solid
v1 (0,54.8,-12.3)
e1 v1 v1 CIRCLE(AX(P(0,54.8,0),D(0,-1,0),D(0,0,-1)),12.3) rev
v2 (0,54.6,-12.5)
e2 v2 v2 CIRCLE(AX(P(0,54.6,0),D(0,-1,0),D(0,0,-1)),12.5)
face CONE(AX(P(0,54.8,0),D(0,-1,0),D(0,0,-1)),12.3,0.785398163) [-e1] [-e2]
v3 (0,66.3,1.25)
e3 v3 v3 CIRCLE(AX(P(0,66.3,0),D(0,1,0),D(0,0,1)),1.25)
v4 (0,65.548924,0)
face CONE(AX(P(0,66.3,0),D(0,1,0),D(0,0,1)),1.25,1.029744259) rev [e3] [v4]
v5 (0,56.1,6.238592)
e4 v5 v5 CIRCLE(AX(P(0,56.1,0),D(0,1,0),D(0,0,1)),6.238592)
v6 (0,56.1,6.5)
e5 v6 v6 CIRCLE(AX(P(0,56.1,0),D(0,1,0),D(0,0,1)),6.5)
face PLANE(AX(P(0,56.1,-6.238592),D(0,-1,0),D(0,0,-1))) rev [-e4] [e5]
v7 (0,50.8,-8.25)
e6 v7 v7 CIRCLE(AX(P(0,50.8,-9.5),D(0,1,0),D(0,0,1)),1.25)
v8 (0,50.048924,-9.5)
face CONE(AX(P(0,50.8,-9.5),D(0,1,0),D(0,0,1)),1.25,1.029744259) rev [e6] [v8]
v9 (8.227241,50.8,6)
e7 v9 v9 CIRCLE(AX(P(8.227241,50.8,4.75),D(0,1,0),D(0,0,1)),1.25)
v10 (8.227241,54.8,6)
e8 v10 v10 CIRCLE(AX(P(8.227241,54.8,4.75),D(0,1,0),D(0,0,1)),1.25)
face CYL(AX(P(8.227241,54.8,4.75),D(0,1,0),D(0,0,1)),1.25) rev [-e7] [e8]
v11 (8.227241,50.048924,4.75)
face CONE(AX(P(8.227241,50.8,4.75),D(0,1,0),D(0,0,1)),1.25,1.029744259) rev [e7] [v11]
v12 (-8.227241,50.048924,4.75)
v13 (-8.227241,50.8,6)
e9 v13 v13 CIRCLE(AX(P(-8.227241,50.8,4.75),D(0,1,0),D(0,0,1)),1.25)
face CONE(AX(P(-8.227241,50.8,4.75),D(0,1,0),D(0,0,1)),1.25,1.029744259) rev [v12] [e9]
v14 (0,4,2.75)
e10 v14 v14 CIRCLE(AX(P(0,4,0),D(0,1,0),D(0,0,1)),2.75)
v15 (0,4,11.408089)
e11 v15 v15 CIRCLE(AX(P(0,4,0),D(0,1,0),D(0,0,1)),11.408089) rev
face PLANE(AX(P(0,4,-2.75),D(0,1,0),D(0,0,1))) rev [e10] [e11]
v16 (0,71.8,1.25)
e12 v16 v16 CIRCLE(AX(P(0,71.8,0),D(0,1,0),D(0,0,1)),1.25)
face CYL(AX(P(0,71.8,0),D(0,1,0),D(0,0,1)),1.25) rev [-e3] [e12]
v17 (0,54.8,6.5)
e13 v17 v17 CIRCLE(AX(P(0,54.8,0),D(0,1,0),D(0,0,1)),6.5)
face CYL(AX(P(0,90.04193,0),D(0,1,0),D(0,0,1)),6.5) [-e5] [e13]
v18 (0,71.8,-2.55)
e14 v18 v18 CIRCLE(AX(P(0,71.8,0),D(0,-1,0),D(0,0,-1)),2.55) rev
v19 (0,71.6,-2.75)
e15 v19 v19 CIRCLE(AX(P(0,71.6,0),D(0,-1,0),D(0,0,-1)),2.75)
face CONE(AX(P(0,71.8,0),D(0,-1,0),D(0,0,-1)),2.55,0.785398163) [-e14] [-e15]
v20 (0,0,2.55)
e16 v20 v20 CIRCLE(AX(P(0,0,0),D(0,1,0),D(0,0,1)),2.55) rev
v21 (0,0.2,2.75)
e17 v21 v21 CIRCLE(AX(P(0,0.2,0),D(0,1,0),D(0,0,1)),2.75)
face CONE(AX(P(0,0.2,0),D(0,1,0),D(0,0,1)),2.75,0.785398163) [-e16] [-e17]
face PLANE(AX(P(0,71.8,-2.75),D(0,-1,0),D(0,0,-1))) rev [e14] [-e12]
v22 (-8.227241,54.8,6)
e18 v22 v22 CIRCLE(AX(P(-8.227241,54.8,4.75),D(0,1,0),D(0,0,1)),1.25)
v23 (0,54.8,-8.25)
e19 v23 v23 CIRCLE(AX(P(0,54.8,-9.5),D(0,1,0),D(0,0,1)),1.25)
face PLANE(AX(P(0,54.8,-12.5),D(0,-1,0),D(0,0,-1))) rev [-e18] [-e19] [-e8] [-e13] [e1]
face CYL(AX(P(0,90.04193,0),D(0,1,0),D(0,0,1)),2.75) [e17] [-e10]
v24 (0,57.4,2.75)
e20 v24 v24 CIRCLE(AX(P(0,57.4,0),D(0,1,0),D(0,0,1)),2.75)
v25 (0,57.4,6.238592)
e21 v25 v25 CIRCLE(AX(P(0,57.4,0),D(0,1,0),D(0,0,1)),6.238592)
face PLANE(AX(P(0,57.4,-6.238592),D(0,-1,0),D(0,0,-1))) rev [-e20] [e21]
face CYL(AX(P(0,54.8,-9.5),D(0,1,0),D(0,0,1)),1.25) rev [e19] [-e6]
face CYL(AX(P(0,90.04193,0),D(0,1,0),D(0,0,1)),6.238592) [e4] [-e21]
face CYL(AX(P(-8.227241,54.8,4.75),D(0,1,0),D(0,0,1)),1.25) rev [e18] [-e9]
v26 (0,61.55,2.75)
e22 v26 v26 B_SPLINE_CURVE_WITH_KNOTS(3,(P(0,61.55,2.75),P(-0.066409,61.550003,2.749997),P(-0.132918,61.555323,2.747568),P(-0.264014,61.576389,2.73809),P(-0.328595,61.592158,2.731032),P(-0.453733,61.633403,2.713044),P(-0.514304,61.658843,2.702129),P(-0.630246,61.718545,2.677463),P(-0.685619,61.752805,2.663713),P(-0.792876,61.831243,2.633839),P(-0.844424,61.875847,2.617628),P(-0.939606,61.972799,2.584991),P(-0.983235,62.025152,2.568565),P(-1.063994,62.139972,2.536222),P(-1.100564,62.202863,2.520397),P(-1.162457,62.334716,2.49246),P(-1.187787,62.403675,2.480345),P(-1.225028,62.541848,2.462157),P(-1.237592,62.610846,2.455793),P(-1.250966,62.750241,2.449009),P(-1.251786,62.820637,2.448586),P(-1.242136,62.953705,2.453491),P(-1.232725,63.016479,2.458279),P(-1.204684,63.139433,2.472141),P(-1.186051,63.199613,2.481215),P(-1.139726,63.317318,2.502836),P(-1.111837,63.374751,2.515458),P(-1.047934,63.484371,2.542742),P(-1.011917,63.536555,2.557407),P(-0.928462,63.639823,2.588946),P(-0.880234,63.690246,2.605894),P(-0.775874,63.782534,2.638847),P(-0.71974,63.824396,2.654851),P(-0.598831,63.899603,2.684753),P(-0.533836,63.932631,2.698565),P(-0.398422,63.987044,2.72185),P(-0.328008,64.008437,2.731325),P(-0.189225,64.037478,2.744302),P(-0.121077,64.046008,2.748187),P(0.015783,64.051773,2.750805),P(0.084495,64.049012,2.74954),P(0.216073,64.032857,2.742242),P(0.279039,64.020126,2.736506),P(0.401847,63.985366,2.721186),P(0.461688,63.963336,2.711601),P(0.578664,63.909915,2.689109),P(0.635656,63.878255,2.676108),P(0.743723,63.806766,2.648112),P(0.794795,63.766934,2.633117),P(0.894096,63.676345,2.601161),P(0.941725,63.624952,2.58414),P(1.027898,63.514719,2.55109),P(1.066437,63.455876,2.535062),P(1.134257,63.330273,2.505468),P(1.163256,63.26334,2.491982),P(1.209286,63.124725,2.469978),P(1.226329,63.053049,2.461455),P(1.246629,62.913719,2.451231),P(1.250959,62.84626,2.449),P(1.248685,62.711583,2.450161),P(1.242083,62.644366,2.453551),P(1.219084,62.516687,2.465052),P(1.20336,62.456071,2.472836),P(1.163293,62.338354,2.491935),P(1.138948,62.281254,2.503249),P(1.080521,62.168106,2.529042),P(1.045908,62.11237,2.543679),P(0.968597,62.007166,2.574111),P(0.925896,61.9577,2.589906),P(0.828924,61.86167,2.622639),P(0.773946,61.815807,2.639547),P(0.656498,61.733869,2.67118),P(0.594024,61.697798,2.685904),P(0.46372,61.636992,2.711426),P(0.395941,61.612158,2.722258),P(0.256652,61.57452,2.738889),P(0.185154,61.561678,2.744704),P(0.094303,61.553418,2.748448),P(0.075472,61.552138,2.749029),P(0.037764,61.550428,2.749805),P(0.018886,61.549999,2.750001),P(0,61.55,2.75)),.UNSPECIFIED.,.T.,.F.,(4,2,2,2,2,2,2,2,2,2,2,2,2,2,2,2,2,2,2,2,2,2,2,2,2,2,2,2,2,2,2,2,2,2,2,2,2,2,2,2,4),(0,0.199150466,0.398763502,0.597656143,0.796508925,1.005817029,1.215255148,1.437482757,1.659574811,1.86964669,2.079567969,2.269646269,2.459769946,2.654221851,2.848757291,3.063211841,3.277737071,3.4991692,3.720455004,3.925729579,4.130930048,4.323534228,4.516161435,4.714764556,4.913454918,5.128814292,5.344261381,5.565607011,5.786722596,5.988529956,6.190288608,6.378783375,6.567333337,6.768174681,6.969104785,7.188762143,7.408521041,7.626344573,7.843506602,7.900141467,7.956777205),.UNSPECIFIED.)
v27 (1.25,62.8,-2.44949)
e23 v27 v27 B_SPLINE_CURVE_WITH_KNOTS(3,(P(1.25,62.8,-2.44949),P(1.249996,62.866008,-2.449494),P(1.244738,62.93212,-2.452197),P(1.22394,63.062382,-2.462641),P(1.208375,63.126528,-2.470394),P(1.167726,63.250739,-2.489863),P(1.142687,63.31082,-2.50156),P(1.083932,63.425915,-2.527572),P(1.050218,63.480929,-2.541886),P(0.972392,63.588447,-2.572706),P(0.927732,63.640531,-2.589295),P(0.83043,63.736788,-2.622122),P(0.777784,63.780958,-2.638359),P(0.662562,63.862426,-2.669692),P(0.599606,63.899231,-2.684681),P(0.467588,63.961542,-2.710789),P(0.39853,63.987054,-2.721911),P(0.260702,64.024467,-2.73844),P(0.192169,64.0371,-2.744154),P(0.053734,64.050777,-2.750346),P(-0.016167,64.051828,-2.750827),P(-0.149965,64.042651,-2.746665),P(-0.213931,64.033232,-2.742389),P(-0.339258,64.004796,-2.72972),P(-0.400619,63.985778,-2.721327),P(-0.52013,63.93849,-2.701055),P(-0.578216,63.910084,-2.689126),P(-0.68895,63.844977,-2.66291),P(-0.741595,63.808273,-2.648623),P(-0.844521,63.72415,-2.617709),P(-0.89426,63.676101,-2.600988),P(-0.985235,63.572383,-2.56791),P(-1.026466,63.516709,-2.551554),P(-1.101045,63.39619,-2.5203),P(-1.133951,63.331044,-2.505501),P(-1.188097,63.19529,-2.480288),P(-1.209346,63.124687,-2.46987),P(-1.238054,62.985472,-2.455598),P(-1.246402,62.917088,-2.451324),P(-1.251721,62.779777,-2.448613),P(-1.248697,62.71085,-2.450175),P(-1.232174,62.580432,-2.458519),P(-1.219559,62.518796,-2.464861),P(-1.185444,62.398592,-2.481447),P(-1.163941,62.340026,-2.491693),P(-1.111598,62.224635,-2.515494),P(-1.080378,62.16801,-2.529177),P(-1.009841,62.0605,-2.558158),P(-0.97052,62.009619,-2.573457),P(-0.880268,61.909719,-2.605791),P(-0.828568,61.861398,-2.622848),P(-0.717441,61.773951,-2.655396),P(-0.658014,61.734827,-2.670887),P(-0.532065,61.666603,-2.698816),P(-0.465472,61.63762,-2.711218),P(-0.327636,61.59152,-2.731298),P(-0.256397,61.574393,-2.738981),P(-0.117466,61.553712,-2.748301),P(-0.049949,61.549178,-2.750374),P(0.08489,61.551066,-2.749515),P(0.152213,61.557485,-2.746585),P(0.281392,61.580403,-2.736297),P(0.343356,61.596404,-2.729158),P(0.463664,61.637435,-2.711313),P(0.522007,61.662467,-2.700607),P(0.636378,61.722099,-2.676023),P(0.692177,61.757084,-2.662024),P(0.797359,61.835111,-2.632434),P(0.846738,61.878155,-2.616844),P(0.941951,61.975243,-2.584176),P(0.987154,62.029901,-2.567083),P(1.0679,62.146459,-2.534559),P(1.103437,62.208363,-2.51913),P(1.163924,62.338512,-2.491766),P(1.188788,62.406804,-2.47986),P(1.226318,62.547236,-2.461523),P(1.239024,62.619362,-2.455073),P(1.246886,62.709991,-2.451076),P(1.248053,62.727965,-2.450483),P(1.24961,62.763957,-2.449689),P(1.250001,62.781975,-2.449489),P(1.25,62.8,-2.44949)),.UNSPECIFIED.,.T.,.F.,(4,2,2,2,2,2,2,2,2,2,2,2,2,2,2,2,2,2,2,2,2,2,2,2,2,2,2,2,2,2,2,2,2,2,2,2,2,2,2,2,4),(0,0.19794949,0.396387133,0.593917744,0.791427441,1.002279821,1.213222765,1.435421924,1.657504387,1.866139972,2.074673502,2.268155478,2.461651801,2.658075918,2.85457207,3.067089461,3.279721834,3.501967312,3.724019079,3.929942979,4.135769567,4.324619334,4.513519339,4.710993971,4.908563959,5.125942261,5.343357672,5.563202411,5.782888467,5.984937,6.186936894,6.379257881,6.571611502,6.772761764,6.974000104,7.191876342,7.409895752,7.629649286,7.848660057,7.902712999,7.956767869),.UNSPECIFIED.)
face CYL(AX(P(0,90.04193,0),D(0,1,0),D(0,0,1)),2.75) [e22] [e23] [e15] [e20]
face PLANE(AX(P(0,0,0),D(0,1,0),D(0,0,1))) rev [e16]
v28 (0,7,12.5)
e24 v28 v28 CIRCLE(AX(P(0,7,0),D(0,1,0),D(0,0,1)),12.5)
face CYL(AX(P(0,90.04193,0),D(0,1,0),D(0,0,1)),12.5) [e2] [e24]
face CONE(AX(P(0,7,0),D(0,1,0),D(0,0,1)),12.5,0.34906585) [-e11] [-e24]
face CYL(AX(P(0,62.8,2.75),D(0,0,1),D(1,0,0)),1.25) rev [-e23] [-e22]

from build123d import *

# Parameters (mm, degrees)
CHAMFER_1_SIZE         = 0.2
CHAMFER_2_SIZE         = 3
CHAMFER_2_SIZE2        = 1.091910703
HOLE_WIZARD_M3_1_D     = 2.5
HOLE_WIZARD_M3_1_DEPTH = 5.5
HOLE_WIZARD_M3_1_TIP   = 0.751075774
HOLE_WIZARD_M3_2_D     = 2.5
HOLE_WIZARD_M3_2_DEPTH = 7.5
HOLE_WIZARD_M3_2_TIP   = 0.751075774
HOLE_WIZARD_M3_3_D     = 2.5
HOLE_WIZARD_M3_3_DEPTH = 4
HOLE_WIZARD_M3_3_TIP   = 0.751075774


with BuildPart() as part:
    # 草图1 → 旋转1 (revolve)
    with BuildSketch(Plane(origin=(0, 0, 0), x_dir=(0, 0, -1), z_dir=(1, 0, 0)), mode=Mode.PRIVATE) as revolve_1_sk:
        Polygon((0, 0), (2.75, 0), (2.75, 4), (12.5, 4), (12.5, 54.8), (6.5, 54.8), (6.5, 56.1), (6.238591707, 56.1), (6.238591707, 57.4), (2.75, 57.4), (2.75, 71.8), (0, 71.8), align=None)
    revolve(revolve_1_sk.sketch.rotate(Axis((0, 90.041930378, 0), (0, -1, 0)), 180), axis=Axis((0, 90.041930378, 0), (0, -1, 0)))

    # 倒角1
    chamfer_1_edges = [part.edges().sort_by_distance(p)[0] for p in [
        (0, 54.8, -12.5),
        (0, 0, -2.75),
        (0, 71.8, -2.75),
    ]]
    chamfer(chamfer_1_edges, length=CHAMFER_1_SIZE)

    # 倒角2
    chamfer_2_edges = [part.edges().sort_by_distance(p)[0] for p in [
        (0, 4, -12.5),
    ]]
    chamfer_2_side = [part.faces().sort_by_distance(p)[0] for p in [
        (0, 29.3, -12.5),
    ]]
    chamfer(chamfer_2_edges, length=CHAMFER_2_SIZE, length2=CHAMFER_2_SIZE2, reference=chamfer_2_side[0])

    # M3 螺纹孔1
    with Locations(Plane(origin=(0, 71.8, 0), x_dir=(1, 0, 0), z_dir=(0, 1, 0))):
        with Locations((0, 0)):
            Hole(HOLE_WIZARD_M3_1_D / 2, depth=HOLE_WIZARD_M3_1_DEPTH)
            with Locations((0, 0, -(HOLE_WIZARD_M3_1_DEPTH + HOLE_WIZARD_M3_1_TIP / 2))):  # 118° drill point
                Cone(0, HOLE_WIZARD_M3_1_D / 2, HOLE_WIZARD_M3_1_TIP, mode=Mode.SUBTRACT)

    # M3 螺纹孔2
    with Locations(Plane.XY.offset(2.75)):
        with Locations((0, 62.8)):
            Hole(HOLE_WIZARD_M3_2_D / 2, depth=HOLE_WIZARD_M3_2_DEPTH)
            with Locations((0, 0, -(HOLE_WIZARD_M3_2_DEPTH + HOLE_WIZARD_M3_2_TIP / 2))):  # 118° drill point
                Cone(0, HOLE_WIZARD_M3_2_D / 2, HOLE_WIZARD_M3_2_TIP, mode=Mode.SUBTRACT)

    # M3 螺纹孔3
    with Locations(Plane(origin=(0, 54.8, 0), x_dir=(1, 0, 0), z_dir=(0, 1, 0))):
        with Locations((0, 9.5), (-8.227241336, -4.75), (8.227241336, -4.75)):
            Hole(HOLE_WIZARD_M3_3_D / 2, depth=HOLE_WIZARD_M3_3_DEPTH)
            with Locations((0, 0, -(HOLE_WIZARD_M3_3_DEPTH + HOLE_WIZARD_M3_3_TIP / 2))):  # 118° drill point
                Cone(0, HOLE_WIZARD_M3_3_D / 2, HOLE_WIZARD_M3_3_TIP, mode=Mode.SUBTRACT)


solid = part.part
